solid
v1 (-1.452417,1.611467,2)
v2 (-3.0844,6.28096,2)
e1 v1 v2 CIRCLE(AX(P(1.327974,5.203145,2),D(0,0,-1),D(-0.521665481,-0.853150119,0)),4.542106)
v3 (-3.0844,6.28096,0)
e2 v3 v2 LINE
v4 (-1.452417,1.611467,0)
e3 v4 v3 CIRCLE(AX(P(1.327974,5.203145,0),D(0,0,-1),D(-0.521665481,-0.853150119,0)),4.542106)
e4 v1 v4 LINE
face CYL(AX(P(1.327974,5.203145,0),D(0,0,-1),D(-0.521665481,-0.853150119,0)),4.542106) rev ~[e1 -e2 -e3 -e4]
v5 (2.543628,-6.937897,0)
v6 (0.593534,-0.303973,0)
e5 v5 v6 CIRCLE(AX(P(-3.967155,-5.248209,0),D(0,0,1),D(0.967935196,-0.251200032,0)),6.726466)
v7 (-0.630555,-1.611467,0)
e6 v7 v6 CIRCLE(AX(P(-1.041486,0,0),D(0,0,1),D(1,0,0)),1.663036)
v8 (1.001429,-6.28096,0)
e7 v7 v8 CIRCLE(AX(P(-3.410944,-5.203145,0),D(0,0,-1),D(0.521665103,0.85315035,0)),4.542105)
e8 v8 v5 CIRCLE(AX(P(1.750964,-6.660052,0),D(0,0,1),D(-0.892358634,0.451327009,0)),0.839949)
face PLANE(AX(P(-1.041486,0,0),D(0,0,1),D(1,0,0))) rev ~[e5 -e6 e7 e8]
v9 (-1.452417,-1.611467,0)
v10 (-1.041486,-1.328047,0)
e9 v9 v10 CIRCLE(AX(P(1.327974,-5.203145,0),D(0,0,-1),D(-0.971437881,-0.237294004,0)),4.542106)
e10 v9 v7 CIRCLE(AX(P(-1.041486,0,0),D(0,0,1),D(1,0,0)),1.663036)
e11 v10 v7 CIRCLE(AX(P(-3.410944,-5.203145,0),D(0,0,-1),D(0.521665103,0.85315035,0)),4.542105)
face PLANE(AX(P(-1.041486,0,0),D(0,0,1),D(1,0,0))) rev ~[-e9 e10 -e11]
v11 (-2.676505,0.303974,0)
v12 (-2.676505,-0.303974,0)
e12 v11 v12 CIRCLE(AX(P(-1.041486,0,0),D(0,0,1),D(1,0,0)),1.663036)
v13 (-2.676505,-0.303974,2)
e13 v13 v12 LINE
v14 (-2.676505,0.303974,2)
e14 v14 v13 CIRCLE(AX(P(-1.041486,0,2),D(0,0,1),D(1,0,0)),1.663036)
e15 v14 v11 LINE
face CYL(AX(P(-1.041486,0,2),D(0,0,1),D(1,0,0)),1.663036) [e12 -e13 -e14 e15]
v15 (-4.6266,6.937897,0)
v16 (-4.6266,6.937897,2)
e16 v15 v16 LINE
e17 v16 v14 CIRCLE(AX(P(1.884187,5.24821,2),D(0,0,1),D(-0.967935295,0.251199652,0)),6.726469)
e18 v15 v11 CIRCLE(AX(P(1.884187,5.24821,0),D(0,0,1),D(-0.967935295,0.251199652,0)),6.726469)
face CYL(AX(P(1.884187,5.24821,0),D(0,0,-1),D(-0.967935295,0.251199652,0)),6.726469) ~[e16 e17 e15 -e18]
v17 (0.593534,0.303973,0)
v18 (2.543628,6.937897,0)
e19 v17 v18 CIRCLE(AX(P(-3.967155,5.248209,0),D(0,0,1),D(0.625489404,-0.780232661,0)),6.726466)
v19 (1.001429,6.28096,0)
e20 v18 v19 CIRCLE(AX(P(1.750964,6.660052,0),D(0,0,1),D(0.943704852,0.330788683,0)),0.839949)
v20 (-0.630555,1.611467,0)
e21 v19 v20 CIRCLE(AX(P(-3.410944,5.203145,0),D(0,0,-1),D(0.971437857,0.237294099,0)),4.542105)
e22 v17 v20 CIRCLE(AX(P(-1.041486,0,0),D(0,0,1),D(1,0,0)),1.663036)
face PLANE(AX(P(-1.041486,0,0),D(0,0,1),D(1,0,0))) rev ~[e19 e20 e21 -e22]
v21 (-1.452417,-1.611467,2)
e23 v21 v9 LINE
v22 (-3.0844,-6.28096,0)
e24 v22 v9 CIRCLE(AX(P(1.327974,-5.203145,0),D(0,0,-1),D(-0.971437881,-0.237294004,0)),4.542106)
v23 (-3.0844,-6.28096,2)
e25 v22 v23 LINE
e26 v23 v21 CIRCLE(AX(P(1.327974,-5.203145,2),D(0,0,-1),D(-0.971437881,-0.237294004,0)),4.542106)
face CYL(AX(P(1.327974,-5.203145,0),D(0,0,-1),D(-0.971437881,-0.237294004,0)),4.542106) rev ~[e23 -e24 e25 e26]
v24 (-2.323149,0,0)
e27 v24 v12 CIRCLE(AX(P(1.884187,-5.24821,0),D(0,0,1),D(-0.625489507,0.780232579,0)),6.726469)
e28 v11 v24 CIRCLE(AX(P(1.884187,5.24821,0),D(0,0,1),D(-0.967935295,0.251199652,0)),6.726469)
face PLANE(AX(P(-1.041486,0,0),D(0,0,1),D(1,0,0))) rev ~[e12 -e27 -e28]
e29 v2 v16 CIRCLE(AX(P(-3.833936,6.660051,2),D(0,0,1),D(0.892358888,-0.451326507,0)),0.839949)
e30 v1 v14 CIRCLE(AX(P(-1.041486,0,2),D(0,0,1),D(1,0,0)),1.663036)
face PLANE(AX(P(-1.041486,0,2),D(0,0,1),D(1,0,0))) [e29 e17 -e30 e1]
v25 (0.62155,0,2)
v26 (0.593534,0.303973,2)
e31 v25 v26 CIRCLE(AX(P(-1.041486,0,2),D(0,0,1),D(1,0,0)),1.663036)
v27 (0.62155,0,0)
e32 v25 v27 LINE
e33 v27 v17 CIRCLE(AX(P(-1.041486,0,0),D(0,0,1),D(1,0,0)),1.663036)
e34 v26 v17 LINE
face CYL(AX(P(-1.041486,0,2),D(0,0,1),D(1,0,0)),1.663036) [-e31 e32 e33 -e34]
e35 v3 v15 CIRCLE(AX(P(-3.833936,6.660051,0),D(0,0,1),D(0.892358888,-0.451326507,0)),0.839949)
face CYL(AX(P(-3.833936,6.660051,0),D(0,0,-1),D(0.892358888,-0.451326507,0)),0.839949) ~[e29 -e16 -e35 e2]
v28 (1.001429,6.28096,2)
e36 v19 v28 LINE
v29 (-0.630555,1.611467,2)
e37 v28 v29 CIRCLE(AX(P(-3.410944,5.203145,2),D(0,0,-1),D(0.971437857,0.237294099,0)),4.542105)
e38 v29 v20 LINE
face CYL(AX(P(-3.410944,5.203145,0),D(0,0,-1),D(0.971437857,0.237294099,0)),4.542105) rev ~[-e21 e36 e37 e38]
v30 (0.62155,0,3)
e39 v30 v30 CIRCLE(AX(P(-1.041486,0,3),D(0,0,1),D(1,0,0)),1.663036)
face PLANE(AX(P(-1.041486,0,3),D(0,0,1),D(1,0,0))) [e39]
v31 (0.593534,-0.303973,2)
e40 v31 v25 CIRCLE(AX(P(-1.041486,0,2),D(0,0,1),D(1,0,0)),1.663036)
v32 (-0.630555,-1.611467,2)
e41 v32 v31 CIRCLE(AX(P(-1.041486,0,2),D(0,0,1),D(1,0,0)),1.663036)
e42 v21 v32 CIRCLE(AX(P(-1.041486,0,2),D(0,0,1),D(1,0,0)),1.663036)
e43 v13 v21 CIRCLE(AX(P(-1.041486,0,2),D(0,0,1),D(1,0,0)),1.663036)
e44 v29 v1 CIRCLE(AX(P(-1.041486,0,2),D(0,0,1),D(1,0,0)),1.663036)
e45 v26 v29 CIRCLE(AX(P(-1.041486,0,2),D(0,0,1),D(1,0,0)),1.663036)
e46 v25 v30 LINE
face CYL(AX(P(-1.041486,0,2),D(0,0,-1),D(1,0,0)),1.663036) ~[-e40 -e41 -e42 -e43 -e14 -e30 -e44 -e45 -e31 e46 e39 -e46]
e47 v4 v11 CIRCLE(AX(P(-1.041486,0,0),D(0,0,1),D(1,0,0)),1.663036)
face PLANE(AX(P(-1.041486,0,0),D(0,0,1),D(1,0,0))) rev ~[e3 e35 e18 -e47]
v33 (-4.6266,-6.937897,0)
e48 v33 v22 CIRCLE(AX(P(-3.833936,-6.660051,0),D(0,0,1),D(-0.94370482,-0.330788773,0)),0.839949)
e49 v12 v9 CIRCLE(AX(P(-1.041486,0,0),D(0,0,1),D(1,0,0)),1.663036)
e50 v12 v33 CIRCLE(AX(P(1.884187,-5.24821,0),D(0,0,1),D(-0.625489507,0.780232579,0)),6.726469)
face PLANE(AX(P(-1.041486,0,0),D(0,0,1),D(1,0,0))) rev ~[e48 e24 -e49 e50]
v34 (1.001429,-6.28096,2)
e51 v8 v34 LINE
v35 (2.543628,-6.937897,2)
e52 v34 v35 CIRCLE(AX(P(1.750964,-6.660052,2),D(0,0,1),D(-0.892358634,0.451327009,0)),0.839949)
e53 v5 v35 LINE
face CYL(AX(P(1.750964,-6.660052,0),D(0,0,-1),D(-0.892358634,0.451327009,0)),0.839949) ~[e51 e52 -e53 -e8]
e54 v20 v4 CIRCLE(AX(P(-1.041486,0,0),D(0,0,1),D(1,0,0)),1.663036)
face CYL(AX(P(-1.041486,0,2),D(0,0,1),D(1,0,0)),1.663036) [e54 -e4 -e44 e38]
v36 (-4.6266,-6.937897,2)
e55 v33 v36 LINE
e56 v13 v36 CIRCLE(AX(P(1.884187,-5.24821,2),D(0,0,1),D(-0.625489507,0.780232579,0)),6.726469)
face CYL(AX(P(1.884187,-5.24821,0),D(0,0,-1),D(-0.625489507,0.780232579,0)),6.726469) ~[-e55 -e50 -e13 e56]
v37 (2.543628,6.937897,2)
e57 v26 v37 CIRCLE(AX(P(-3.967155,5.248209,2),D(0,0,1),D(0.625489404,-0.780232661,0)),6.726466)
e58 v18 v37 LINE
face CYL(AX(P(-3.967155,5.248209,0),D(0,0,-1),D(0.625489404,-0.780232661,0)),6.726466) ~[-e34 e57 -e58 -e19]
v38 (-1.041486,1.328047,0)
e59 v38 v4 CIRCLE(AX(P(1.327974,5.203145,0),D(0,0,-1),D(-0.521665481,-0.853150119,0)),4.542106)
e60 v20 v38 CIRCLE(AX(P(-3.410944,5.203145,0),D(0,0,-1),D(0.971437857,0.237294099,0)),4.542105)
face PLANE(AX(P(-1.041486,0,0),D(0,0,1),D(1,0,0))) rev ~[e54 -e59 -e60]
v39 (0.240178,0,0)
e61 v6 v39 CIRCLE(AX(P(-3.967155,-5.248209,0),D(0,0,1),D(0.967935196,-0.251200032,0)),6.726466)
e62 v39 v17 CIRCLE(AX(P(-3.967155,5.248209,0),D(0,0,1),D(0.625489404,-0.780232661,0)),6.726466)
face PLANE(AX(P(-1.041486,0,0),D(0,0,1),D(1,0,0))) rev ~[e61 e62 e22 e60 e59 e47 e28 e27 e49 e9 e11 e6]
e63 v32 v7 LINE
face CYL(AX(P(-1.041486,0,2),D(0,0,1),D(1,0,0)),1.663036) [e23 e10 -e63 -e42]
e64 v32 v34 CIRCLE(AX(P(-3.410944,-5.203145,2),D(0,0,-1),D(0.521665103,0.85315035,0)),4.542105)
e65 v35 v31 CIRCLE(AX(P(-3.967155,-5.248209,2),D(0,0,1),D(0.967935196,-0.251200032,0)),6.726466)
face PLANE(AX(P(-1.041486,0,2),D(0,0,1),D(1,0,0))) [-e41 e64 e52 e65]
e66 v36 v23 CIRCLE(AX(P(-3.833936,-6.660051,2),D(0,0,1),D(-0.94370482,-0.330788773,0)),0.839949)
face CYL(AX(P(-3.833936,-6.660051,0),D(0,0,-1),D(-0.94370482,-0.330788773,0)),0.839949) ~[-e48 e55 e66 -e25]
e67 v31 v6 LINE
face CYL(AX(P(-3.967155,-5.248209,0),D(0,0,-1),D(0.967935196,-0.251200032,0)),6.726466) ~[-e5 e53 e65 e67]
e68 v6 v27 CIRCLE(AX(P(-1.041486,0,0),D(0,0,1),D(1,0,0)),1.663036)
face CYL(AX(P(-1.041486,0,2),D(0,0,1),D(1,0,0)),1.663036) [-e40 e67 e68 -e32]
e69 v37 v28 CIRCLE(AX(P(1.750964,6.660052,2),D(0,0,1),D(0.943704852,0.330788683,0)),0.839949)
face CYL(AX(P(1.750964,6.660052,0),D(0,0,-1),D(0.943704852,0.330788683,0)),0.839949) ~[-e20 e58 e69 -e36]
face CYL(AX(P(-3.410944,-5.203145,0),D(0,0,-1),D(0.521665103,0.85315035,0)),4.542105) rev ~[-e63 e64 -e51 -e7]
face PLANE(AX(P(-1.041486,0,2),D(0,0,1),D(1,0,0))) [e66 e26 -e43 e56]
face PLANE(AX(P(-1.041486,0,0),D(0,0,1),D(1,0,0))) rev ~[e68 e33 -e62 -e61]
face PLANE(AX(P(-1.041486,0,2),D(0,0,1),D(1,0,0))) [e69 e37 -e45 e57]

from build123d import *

# Parameters (mm, degrees)
F1_DEPTH      = 2
F2_R          = 1.663036
F3_DEPTH      = 1
F3_DEPTH_BACK = 2


with BuildPart() as f1:
    # F0 (on Top) → F1 (new body)
    with BuildSketch(Plane.XY):
        with BuildLine():
            ThreePointArc((1.001429, 6.28096), (0.788002, 3.471218), (-1.041486, 1.328047))
            ThreePointArc((-1.041486, 1.328047), (-2.870973, 3.471218), (-3.0844, 6.28096))
            ThreePointArc((-3.0844, 6.28096), (-3.50476, 7.432811), (-4.6266, 6.937897))
            ThreePointArc((-4.6266, 6.937897), (-4.499632, 3.128719), (-2.323149, 0))
            ThreePointArc((-2.323149, 0), (-4.499632, -3.128719), (-4.6266, -6.937897))
            ThreePointArc((-4.6266, -6.937897), (-3.50476, -7.432811), (-3.0844, -6.28096))
            ThreePointArc((-3.0844, -6.28096), (-2.870973, -3.471218), (-1.041486, -1.328047))
            ThreePointArc((-1.041486, -1.328047), (0.788002, -3.471218), (1.001429, -6.28096))
            ThreePointArc((1.001429, -6.28096), (1.421789, -7.432811), (2.543628, -6.937897))
            ThreePointArc((2.543628, -6.937897), (2.416661, -3.128719), (0.240178, 0))
            ThreePointArc((0.240178, 0), (2.416661, 3.128719), (2.543628, 6.937897))
            ThreePointArc((2.543628, 6.937897), (1.421789, 7.432811), (1.001429, 6.28096))
        make_face()
    extrude(amount=F1_DEPTH)

    # F2 (on face) → F3 (join, two sides)
    with BuildSketch(Plane.XY.offset(2)) as f3_sk:
        with Locations((-1.041486, 0)):
            Circle(F2_R)
    extrude(amount=F3_DEPTH)
    extrude(f3_sk.sketch, amount=-F3_DEPTH_BACK)


solid = f1.part
